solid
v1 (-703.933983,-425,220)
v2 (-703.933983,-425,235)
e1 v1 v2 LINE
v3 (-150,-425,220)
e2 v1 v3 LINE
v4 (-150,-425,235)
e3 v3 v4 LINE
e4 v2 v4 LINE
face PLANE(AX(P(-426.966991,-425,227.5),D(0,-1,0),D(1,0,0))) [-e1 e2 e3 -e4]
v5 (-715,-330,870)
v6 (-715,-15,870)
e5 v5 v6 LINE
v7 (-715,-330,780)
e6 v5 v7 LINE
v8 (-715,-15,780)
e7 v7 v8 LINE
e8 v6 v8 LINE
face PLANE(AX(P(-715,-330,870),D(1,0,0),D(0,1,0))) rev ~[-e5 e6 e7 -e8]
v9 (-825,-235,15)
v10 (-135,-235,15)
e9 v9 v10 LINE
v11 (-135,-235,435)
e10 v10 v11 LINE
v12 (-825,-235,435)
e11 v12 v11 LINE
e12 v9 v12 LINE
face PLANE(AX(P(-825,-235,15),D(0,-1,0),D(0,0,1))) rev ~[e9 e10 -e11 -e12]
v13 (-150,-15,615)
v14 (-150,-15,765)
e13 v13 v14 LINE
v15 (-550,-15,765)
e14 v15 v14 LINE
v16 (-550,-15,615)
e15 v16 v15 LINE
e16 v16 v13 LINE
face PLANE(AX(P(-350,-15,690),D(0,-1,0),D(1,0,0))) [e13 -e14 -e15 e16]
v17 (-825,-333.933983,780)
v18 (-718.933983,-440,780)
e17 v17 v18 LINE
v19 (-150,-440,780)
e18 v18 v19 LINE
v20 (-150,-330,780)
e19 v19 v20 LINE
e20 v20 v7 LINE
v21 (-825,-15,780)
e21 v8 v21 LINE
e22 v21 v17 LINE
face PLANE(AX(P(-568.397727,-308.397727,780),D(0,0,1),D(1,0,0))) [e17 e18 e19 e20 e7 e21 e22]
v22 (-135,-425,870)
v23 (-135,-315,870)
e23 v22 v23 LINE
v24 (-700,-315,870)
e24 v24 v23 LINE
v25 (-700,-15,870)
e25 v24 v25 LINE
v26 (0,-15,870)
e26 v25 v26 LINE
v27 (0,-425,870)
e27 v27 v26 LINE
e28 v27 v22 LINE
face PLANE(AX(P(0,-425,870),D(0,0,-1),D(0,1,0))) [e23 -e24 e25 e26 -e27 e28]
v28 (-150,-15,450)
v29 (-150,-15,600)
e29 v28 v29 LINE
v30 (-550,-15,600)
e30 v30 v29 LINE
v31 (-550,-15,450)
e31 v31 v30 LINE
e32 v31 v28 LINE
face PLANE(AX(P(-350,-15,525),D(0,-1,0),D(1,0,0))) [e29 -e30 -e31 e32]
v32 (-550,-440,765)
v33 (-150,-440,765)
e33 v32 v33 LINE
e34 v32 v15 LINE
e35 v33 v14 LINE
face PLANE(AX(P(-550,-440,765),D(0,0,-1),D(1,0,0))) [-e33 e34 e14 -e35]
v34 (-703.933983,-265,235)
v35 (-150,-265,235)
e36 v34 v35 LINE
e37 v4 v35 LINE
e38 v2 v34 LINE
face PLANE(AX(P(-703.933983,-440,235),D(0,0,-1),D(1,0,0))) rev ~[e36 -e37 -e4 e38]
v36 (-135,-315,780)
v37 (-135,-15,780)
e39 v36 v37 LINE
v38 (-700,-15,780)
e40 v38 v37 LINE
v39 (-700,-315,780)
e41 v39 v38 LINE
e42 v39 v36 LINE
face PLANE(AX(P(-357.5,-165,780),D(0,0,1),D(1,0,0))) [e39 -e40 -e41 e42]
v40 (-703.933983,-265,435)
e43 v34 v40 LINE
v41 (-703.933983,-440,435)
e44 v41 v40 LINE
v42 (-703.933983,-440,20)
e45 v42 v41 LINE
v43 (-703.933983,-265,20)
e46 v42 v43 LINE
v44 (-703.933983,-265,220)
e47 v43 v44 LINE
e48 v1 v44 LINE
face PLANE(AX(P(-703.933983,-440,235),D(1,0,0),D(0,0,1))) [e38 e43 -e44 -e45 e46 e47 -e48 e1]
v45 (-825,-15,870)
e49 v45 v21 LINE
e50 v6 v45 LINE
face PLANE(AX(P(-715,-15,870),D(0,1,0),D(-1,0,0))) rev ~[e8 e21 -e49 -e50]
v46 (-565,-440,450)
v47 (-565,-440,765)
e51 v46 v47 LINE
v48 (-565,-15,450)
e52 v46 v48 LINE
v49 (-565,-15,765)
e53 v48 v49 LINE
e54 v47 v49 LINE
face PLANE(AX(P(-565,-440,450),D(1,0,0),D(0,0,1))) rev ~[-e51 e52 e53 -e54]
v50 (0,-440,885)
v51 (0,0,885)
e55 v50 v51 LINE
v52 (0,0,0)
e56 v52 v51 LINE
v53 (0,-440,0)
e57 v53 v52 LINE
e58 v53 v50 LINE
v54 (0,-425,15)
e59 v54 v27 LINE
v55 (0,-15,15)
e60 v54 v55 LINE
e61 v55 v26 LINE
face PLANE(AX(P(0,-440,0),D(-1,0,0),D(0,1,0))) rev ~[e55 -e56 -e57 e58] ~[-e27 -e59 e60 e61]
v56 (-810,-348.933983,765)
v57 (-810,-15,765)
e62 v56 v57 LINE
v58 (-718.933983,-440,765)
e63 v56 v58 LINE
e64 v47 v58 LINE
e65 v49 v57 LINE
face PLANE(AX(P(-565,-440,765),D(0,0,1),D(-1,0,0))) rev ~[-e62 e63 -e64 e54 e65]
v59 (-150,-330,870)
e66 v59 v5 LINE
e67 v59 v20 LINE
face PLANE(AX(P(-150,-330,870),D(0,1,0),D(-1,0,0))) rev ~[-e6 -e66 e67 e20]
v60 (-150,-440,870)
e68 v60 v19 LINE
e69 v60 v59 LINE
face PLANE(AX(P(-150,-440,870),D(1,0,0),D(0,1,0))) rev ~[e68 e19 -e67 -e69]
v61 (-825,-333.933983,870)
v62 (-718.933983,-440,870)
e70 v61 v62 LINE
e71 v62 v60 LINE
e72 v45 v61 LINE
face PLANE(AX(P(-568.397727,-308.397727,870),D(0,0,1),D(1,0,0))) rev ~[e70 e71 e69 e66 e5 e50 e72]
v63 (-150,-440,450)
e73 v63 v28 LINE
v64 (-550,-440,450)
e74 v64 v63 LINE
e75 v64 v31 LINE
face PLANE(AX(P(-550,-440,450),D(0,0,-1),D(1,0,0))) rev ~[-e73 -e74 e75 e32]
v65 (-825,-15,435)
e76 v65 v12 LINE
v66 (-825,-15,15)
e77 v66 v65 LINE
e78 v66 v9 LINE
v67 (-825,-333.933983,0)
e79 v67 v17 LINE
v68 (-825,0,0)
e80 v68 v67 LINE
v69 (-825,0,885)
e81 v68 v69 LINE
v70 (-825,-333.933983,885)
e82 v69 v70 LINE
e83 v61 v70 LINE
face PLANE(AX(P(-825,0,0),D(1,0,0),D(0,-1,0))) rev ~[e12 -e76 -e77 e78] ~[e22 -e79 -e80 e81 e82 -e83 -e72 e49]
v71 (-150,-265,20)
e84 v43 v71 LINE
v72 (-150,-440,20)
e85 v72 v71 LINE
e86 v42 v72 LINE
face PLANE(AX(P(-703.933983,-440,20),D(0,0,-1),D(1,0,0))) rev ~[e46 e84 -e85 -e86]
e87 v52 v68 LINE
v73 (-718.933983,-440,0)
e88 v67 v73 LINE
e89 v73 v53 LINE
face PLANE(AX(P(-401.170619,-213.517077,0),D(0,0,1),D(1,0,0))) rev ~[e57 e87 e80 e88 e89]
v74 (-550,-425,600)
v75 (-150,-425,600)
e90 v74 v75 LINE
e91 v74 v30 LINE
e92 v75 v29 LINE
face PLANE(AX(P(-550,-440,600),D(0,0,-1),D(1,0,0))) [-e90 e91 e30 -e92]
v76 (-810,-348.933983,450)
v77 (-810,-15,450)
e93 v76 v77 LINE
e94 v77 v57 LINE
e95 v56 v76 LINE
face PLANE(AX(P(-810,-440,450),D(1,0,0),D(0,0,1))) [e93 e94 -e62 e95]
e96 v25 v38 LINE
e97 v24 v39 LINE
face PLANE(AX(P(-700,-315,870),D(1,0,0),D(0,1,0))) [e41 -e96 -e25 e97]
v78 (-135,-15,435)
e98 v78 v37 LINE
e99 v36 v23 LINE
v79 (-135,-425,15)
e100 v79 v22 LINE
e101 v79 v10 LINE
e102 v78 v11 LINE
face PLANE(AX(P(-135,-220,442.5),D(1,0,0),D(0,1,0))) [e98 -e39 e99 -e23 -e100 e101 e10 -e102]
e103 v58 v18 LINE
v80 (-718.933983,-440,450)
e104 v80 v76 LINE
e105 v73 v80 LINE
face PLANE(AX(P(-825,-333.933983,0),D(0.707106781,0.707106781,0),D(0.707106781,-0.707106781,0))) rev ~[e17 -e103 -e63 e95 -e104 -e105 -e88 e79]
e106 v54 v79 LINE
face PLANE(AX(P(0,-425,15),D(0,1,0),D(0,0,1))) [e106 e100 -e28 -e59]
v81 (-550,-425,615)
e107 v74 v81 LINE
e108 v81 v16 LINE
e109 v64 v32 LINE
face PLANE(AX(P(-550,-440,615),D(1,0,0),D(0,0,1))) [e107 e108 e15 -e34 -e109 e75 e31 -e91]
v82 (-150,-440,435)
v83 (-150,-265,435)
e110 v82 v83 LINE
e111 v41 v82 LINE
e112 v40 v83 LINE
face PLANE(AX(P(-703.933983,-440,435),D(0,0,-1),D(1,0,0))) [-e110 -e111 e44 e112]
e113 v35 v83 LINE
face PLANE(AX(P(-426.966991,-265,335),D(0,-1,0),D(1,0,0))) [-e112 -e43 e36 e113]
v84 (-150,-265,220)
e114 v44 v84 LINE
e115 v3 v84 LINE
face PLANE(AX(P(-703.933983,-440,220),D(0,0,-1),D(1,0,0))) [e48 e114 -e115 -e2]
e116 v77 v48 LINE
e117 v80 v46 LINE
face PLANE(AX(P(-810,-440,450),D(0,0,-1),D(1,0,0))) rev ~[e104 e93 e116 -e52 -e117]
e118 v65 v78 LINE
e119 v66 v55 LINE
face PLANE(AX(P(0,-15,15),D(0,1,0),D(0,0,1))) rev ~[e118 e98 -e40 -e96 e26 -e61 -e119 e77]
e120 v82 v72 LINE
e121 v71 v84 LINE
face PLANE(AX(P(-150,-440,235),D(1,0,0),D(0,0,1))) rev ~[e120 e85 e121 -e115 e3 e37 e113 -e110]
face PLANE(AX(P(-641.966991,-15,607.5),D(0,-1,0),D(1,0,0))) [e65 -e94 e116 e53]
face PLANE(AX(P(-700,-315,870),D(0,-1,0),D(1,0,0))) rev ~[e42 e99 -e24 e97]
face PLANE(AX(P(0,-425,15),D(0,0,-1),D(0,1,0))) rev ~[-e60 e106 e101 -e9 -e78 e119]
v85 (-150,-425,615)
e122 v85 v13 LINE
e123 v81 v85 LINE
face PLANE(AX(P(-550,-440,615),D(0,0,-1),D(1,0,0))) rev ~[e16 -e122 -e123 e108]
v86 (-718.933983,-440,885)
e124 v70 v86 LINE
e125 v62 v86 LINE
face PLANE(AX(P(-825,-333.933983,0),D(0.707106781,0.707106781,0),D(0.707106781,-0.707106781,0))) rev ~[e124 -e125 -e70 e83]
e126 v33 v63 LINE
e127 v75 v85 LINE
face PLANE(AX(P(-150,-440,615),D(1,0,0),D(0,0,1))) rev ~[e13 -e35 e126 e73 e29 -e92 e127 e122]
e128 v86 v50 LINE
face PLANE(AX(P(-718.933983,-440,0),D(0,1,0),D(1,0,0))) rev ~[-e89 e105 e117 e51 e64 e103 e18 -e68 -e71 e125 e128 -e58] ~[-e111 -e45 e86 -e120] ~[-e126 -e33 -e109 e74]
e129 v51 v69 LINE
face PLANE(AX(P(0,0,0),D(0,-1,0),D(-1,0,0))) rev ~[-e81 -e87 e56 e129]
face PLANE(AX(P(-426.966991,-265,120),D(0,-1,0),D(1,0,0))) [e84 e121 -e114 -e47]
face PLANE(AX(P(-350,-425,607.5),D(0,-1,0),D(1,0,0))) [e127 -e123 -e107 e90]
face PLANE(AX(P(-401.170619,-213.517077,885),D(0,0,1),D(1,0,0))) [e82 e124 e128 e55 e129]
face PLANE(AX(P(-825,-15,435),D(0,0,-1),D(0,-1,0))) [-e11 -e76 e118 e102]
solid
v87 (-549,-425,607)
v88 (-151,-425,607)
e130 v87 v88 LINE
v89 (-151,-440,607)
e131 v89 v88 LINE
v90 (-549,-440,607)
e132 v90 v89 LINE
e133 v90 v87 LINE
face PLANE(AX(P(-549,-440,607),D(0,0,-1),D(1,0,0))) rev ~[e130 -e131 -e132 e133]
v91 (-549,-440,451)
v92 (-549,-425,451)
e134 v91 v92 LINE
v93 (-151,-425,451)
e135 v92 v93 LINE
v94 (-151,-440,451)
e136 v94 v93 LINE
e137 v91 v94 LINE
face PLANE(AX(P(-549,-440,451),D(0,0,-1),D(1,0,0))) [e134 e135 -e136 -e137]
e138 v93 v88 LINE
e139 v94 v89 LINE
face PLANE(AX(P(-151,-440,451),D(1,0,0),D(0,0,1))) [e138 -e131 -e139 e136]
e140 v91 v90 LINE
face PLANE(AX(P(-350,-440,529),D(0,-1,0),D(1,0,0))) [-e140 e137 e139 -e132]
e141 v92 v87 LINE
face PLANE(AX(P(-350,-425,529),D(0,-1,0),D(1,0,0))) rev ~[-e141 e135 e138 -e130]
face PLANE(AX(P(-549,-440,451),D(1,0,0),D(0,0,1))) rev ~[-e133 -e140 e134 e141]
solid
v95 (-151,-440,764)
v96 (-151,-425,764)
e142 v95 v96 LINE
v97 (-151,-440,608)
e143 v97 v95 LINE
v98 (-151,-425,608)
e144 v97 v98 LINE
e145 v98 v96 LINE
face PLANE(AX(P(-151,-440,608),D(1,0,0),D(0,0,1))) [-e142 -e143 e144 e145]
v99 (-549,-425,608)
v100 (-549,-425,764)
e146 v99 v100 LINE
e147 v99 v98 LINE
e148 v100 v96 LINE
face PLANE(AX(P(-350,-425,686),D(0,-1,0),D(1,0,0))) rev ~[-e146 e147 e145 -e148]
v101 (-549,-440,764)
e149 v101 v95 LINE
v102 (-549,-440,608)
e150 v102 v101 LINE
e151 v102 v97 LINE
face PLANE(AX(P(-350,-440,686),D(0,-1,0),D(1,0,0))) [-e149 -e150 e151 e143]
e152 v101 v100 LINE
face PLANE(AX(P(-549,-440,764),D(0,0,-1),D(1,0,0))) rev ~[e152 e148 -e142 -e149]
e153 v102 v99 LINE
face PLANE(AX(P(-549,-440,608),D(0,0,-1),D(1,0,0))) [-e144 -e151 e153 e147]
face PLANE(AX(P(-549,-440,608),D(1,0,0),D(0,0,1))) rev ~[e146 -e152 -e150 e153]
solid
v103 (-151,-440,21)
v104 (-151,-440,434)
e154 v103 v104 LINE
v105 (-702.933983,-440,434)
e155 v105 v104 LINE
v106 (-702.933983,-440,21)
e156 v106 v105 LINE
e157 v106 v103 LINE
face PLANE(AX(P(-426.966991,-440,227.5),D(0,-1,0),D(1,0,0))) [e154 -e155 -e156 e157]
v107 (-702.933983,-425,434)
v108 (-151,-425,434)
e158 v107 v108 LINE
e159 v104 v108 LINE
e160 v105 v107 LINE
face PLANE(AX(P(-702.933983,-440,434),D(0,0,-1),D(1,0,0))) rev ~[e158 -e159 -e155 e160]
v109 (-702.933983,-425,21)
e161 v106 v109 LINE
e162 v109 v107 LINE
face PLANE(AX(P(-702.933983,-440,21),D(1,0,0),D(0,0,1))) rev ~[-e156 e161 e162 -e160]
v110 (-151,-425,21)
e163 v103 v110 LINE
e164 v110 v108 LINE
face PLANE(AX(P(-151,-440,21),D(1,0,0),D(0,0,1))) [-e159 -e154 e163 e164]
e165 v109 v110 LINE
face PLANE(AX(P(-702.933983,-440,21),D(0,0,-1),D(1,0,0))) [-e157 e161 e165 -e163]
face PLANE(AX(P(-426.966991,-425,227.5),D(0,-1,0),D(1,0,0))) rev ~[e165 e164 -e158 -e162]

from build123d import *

# Parameters (mm, degrees)
F1_DEPTH  = 885
F2_W      = 220
F2_H      = 420
F3_DEPTH  = 800
F4_W      = 400
F4_H      = 150
F4_W_2    = 153.933982822
F4_H_2    = 315
F4_W_3    = 91.066017178
F5_DEPTH  = 425
F6_W      = 553.933982822
F6_H      = 200
F7_DEPTH  = 175
F9_W      = 685
F9_H      = 300
F10_DEPTH = 90
F11_W     = 400
F11_H     = 15
F11_W_2   = 553.933982822
F12_DEPTH = 15
F13_W     = 398
F13_H     = 156
F14_DEPTH = 15
F13_W_2   = 551.933982822
F13_H_2   = 413
F15_W     = 410
F15_H     = 855
F16_DEPTH = 135


with BuildPart() as f1:
    # F0 (on Top) → F1 (new body)
    with BuildSketch(Plane.XY):
        Polygon((0, -440), (0, 0), (-825, 0), (-825, -333.933982822), (-718.933982822, -440), align=None)
    extrude(amount=F1_DEPTH)

    # F2 (on face) → F3 (cut)
    with BuildSketch(Plane(origin=(-825, 0, 0), x_dir=(0, -1, 0), z_dir=(-1, 0, 0))):
        with Locations((125, 225)):
            Rectangle(F2_W, F2_H)
    extrude(amount=-F3_DEPTH, mode=Mode.SUBTRACT)

    # F4 (on face) → F5 (cut)
    with BuildSketch(Plane.XZ.offset(440)):
        with Locations((-350, 690)):
            Rectangle(F4_W, F4_H)
        with Locations((-350, 525)):
            Rectangle(F4_W, F4_H)
        with Locations((-641.966991411, 607.5)):
            Rectangle(F4_W_2, F4_H_2)
        with Locations((-764.466991411, 607.5)):
            Rectangle(F4_W_3, F4_H_2)
    extrude(amount=-F5_DEPTH, mode=Mode.SUBTRACT)

    # F6 (on face) → F7 (cut)
    with BuildSketch(Plane.XZ.offset(440)):
        with Locations((-426.966991411, 335)):
            Rectangle(F6_W, F6_H)
        with Locations((-426.966991411, 120)):
            Rectangle(F6_W, F6_H)
    extrude(amount=-F7_DEPTH, mode=Mode.SUBTRACT)

    # F9 (on offset) → F10 (cut)
    with BuildSketch(Plane.XY.offset(870)):
        Polygon((-150, -440), (-150, -330), (-715, -330), (-715, -15), (-825, -15), (-825, -440), align=None)
        with Locations((-357.5, -165)):
            Rectangle(F9_W, F9_H)
    extrude(amount=-F10_DEPTH, mode=Mode.SUBTRACT)

    # F11 (on face) → F12 (cut)
    with BuildSketch(Plane.XZ.offset(440)):
        with Locations((-350, 607.5)):
            Rectangle(F11_W, F11_H)
        with Locations((-426.966991411, 227.5)):
            Rectangle(F11_W_2, F11_H)
    extrude(amount=-F12_DEPTH, mode=Mode.SUBTRACT)

    # F15 (on face) → F16 (cut)
    with BuildSketch(Plane.YZ):
        with Locations((-220, 442.5)):
            Rectangle(F15_W, F15_H)
    extrude(amount=-F16_DEPTH, mode=Mode.SUBTRACT)


with BuildPart() as f14:
    # F13 (on face) → F14 (new body)
    with BuildSketch(Plane.XZ.offset(440)):
        with Locations((-350, 686)):
            Rectangle(F13_W, F13_H)
    extrude(amount=-F14_DEPTH)


with BuildPart() as f14b:
    # F13 (on face) → F14, piece 2 (new body)
    with BuildSketch(Plane.XZ.offset(440)):
        with Locations((-350, 529)):
            Rectangle(F13_W, F13_H)
    extrude(amount=-F14_DEPTH)


with BuildPart() as f14c:
    # F13 (on face) → F14, piece 3 (new body)
    with BuildSketch(Plane.XZ.offset(440)):
        with Locations((-426.966991411, 227.5)):
            Rectangle(F13_W_2, F13_H_2)
    extrude(amount=-F14_DEPTH)


solid = Compound([f1.part, f14.part, f14b.part, f14c.part])
